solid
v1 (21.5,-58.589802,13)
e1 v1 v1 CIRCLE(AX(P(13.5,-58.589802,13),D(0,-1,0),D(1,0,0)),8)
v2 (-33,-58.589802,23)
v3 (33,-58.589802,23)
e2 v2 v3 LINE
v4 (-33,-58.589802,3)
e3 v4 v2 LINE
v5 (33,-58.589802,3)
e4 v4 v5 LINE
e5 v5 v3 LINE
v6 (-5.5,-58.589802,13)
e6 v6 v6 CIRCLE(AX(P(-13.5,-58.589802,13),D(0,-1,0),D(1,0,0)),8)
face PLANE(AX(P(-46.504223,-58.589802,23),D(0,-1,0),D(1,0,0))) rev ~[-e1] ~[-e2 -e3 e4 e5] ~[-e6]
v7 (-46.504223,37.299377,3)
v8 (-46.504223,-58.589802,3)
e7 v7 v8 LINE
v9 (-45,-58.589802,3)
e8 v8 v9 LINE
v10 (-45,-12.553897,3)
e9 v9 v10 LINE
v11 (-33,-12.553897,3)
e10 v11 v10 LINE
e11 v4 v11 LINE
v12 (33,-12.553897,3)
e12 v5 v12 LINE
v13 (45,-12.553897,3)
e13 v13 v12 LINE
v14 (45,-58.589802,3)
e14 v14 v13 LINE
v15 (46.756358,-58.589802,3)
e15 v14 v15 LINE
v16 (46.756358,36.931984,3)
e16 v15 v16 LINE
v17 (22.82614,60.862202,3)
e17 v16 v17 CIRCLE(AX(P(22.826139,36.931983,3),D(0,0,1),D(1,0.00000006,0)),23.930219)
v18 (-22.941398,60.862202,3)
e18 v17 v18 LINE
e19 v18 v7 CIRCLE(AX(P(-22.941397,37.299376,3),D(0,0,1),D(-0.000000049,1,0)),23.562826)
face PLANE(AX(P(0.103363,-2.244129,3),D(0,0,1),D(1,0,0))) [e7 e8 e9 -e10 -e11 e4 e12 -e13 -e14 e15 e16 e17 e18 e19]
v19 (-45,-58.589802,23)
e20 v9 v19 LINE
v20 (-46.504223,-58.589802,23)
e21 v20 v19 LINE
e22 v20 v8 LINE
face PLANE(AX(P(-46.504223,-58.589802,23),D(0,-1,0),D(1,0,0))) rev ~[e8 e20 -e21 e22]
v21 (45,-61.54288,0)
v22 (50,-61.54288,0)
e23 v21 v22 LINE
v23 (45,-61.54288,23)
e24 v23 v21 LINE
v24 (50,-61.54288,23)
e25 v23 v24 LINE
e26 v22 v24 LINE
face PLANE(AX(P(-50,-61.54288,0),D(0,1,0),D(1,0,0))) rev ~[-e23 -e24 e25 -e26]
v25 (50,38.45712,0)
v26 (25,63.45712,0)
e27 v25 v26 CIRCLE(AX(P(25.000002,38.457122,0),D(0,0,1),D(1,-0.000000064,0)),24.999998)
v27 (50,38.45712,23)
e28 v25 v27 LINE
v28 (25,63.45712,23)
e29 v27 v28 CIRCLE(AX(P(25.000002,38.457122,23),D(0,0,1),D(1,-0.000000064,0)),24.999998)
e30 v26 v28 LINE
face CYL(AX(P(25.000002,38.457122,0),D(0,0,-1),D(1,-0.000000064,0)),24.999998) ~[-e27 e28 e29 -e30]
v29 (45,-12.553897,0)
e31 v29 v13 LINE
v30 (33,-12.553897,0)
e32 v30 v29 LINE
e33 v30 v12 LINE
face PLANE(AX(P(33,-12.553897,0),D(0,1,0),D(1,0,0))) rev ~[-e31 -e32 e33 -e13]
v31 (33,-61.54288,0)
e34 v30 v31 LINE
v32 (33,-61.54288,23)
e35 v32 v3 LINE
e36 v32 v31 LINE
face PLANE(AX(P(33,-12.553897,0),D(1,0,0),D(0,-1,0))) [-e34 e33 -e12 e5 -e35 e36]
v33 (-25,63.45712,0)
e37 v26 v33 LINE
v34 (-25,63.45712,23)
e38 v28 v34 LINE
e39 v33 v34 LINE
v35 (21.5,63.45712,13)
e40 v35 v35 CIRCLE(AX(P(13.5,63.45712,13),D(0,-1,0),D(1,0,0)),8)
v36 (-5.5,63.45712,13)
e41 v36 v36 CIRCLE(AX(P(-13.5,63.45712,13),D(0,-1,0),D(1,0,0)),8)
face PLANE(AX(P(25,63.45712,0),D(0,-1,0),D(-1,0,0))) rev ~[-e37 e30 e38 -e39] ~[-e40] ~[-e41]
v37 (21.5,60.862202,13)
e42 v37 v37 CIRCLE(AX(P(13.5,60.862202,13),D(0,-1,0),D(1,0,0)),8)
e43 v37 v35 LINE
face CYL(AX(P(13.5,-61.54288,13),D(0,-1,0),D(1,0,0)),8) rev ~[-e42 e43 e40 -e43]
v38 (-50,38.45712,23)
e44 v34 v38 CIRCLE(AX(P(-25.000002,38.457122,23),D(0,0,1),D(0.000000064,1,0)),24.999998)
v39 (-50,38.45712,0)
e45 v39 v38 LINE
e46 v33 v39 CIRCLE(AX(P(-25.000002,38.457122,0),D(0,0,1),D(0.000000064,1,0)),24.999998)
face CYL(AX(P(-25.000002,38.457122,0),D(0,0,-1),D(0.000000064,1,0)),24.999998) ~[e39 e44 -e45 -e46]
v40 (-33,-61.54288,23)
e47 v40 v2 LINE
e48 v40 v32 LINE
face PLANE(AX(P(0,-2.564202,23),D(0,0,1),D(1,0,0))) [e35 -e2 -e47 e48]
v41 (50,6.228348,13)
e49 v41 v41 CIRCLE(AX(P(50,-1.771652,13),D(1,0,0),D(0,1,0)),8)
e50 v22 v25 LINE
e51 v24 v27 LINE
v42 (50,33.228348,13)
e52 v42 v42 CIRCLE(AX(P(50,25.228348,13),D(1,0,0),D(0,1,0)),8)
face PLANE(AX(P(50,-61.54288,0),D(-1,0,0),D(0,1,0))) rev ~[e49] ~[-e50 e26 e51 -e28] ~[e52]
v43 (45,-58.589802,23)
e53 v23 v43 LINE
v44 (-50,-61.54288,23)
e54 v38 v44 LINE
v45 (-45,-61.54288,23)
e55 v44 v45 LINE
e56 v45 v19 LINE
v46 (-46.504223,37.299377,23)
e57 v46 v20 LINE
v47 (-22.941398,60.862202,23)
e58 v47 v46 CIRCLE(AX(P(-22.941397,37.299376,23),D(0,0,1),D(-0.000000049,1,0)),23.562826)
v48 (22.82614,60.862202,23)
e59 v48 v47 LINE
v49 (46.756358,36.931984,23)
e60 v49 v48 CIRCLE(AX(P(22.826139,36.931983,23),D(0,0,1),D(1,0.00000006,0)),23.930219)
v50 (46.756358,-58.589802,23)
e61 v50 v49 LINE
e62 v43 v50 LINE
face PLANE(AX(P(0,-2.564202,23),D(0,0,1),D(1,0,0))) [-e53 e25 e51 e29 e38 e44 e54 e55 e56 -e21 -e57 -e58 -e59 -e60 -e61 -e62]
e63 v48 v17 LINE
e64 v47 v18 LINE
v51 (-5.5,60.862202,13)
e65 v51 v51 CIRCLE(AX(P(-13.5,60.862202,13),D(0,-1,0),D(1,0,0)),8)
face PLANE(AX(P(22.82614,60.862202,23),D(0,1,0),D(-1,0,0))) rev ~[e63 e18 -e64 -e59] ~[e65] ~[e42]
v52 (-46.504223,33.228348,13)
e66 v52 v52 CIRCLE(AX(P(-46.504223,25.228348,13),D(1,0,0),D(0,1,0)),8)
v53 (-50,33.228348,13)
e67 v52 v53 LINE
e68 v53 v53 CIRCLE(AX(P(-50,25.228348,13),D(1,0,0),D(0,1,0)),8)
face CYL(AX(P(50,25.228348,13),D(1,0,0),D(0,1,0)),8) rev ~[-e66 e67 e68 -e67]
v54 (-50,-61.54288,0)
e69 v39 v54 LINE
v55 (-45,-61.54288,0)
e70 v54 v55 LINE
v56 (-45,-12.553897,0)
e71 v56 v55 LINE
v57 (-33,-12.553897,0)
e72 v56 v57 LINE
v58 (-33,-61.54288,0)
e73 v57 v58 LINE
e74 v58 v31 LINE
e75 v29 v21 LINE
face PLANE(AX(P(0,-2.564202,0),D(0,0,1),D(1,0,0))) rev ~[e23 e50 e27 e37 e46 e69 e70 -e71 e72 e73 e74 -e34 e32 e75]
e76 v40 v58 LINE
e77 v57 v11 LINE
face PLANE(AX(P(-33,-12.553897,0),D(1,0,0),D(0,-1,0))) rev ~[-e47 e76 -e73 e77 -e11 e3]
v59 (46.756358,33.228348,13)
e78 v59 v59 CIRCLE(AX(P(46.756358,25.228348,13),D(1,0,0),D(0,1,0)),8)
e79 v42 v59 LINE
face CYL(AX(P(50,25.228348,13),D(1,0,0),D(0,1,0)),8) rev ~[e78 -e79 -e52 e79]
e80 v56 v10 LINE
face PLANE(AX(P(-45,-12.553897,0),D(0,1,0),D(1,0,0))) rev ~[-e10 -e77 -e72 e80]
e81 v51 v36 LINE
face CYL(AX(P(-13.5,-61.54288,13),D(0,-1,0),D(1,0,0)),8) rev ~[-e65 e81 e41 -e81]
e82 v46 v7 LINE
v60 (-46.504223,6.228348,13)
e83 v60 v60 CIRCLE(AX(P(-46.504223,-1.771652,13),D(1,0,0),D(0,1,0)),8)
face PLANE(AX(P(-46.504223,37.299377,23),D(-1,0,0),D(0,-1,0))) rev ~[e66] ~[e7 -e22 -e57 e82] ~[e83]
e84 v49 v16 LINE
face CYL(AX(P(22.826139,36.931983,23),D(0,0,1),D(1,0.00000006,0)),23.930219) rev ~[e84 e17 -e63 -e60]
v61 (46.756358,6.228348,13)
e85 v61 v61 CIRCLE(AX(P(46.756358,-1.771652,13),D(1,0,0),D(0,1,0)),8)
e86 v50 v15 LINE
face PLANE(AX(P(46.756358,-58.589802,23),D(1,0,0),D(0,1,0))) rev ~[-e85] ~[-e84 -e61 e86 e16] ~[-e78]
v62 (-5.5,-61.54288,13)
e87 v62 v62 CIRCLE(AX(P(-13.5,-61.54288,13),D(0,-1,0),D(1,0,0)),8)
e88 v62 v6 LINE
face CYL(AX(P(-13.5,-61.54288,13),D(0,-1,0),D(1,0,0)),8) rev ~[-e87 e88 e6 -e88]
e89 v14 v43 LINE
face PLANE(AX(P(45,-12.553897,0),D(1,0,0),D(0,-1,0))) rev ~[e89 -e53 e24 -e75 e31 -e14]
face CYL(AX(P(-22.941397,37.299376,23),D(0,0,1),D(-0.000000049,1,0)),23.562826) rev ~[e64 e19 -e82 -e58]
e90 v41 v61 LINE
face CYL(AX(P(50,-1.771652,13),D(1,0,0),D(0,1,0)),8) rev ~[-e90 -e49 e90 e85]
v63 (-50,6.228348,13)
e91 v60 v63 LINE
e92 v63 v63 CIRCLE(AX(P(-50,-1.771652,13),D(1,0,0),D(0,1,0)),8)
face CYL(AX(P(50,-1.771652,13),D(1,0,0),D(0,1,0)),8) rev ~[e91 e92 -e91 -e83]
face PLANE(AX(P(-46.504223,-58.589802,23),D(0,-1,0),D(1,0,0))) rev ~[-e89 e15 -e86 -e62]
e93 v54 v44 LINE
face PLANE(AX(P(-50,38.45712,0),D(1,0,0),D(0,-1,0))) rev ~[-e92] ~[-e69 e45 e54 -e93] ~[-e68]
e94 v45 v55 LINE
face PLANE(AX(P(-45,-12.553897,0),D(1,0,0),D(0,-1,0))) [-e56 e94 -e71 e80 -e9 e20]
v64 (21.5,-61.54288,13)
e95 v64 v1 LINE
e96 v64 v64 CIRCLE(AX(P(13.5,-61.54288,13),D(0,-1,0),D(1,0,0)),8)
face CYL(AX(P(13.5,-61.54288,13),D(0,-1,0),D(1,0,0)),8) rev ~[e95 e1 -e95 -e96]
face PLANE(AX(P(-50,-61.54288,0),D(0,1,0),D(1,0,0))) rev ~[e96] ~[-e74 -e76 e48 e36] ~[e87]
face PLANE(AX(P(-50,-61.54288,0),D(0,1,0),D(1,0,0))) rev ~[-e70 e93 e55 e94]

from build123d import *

# Parameters (mm, degrees)
PAD_DEPTH       = 23
POCKET_DEPTH    = 20
SKETCH002_R     = 8
POCKET001_DEPTH = 100.001
SKETCH003_R     = 8
POCKET002_DEPTH = 125.001
SKETCH004_W     = 12
SKETCH004_H     = 50
POCKET003_DEPTH = 23.001


with BuildPart() as part:
    # Sketch → Pad (new body)
    with BuildSketch(Plane.XY):
        with BuildLine():
            Line((-50, 38.45712), (-50, -61.54288))
            Line((-50, -61.54288), (50, -61.54288))
            Line((50, -61.54288), (50, 38.45712))
            ThreePointArc((50, 38.45712), (42.67767, 56.13479), (25, 63.45712))
            Line((25, 63.45712), (-25, 63.45712))
            ThreePointArc((-25, 63.45712), (-42.67767, 56.13479), (-50, 38.45712))
        make_face()
    extrude(amount=PAD_DEPTH)

    # Sketch001 → Pocket (cut)
    with BuildSketch(Plane.XY.offset(23)):
        with BuildLine():
            Line((-46.504223, 37.299377), (-46.504223, -58.589802))
            Line((-46.504223, -58.589802), (46.756358, -58.589802))
            Line((46.756358, -58.589802), (46.756358, 36.931984))
            ThreePointArc((46.756358, 36.931984), (39.747359, 53.853203), (22.82614, 60.862202))
            Line((22.82614, 60.862202), (-22.941398, 60.862202))
            ThreePointArc((-22.941398, 60.862202), (-39.602831, 53.96081), (-46.504223, 37.299377))
        make_face()
    extrude(amount=-POCKET_DEPTH, mode=Mode.SUBTRACT)

    # Sketch002 → Pocket001 (cut, through all)
    with BuildSketch(Plane.YZ.offset(50)):
        with Locations((-1.771652, 13)):
            Circle(SKETCH002_R)
        with Locations((25.228348, 13)):
            Circle(SKETCH002_R)
    extrude(amount=-POCKET001_DEPTH, mode=Mode.SUBTRACT)

    # Sketch003 → Pocket002 (cut, through all)
    with BuildSketch(Plane.XZ.offset(61.54288)):
        with Locations((-13.5, 13)):
            Circle(SKETCH003_R)
        with Locations((13.5, 13)):
            Circle(SKETCH003_R)
    extrude(amount=-POCKET002_DEPTH, mode=Mode.SUBTRACT)

    # Sketch004 → Pocket003 (cut, through all)
    with BuildSketch(Plane(origin=(0, 0, 0), x_dir=(1, 0, 0), z_dir=(0, 0, -1))):
        with Locations((-39, 37.553897)):
            Rectangle(SKETCH004_W, SKETCH004_H)
        with Locations((39, 37.553897)):
            Rectangle(SKETCH004_W, SKETCH004_H)
    extrude(amount=-POCKET003_DEPTH, mode=Mode.SUBTRACT)


solid = part.part
